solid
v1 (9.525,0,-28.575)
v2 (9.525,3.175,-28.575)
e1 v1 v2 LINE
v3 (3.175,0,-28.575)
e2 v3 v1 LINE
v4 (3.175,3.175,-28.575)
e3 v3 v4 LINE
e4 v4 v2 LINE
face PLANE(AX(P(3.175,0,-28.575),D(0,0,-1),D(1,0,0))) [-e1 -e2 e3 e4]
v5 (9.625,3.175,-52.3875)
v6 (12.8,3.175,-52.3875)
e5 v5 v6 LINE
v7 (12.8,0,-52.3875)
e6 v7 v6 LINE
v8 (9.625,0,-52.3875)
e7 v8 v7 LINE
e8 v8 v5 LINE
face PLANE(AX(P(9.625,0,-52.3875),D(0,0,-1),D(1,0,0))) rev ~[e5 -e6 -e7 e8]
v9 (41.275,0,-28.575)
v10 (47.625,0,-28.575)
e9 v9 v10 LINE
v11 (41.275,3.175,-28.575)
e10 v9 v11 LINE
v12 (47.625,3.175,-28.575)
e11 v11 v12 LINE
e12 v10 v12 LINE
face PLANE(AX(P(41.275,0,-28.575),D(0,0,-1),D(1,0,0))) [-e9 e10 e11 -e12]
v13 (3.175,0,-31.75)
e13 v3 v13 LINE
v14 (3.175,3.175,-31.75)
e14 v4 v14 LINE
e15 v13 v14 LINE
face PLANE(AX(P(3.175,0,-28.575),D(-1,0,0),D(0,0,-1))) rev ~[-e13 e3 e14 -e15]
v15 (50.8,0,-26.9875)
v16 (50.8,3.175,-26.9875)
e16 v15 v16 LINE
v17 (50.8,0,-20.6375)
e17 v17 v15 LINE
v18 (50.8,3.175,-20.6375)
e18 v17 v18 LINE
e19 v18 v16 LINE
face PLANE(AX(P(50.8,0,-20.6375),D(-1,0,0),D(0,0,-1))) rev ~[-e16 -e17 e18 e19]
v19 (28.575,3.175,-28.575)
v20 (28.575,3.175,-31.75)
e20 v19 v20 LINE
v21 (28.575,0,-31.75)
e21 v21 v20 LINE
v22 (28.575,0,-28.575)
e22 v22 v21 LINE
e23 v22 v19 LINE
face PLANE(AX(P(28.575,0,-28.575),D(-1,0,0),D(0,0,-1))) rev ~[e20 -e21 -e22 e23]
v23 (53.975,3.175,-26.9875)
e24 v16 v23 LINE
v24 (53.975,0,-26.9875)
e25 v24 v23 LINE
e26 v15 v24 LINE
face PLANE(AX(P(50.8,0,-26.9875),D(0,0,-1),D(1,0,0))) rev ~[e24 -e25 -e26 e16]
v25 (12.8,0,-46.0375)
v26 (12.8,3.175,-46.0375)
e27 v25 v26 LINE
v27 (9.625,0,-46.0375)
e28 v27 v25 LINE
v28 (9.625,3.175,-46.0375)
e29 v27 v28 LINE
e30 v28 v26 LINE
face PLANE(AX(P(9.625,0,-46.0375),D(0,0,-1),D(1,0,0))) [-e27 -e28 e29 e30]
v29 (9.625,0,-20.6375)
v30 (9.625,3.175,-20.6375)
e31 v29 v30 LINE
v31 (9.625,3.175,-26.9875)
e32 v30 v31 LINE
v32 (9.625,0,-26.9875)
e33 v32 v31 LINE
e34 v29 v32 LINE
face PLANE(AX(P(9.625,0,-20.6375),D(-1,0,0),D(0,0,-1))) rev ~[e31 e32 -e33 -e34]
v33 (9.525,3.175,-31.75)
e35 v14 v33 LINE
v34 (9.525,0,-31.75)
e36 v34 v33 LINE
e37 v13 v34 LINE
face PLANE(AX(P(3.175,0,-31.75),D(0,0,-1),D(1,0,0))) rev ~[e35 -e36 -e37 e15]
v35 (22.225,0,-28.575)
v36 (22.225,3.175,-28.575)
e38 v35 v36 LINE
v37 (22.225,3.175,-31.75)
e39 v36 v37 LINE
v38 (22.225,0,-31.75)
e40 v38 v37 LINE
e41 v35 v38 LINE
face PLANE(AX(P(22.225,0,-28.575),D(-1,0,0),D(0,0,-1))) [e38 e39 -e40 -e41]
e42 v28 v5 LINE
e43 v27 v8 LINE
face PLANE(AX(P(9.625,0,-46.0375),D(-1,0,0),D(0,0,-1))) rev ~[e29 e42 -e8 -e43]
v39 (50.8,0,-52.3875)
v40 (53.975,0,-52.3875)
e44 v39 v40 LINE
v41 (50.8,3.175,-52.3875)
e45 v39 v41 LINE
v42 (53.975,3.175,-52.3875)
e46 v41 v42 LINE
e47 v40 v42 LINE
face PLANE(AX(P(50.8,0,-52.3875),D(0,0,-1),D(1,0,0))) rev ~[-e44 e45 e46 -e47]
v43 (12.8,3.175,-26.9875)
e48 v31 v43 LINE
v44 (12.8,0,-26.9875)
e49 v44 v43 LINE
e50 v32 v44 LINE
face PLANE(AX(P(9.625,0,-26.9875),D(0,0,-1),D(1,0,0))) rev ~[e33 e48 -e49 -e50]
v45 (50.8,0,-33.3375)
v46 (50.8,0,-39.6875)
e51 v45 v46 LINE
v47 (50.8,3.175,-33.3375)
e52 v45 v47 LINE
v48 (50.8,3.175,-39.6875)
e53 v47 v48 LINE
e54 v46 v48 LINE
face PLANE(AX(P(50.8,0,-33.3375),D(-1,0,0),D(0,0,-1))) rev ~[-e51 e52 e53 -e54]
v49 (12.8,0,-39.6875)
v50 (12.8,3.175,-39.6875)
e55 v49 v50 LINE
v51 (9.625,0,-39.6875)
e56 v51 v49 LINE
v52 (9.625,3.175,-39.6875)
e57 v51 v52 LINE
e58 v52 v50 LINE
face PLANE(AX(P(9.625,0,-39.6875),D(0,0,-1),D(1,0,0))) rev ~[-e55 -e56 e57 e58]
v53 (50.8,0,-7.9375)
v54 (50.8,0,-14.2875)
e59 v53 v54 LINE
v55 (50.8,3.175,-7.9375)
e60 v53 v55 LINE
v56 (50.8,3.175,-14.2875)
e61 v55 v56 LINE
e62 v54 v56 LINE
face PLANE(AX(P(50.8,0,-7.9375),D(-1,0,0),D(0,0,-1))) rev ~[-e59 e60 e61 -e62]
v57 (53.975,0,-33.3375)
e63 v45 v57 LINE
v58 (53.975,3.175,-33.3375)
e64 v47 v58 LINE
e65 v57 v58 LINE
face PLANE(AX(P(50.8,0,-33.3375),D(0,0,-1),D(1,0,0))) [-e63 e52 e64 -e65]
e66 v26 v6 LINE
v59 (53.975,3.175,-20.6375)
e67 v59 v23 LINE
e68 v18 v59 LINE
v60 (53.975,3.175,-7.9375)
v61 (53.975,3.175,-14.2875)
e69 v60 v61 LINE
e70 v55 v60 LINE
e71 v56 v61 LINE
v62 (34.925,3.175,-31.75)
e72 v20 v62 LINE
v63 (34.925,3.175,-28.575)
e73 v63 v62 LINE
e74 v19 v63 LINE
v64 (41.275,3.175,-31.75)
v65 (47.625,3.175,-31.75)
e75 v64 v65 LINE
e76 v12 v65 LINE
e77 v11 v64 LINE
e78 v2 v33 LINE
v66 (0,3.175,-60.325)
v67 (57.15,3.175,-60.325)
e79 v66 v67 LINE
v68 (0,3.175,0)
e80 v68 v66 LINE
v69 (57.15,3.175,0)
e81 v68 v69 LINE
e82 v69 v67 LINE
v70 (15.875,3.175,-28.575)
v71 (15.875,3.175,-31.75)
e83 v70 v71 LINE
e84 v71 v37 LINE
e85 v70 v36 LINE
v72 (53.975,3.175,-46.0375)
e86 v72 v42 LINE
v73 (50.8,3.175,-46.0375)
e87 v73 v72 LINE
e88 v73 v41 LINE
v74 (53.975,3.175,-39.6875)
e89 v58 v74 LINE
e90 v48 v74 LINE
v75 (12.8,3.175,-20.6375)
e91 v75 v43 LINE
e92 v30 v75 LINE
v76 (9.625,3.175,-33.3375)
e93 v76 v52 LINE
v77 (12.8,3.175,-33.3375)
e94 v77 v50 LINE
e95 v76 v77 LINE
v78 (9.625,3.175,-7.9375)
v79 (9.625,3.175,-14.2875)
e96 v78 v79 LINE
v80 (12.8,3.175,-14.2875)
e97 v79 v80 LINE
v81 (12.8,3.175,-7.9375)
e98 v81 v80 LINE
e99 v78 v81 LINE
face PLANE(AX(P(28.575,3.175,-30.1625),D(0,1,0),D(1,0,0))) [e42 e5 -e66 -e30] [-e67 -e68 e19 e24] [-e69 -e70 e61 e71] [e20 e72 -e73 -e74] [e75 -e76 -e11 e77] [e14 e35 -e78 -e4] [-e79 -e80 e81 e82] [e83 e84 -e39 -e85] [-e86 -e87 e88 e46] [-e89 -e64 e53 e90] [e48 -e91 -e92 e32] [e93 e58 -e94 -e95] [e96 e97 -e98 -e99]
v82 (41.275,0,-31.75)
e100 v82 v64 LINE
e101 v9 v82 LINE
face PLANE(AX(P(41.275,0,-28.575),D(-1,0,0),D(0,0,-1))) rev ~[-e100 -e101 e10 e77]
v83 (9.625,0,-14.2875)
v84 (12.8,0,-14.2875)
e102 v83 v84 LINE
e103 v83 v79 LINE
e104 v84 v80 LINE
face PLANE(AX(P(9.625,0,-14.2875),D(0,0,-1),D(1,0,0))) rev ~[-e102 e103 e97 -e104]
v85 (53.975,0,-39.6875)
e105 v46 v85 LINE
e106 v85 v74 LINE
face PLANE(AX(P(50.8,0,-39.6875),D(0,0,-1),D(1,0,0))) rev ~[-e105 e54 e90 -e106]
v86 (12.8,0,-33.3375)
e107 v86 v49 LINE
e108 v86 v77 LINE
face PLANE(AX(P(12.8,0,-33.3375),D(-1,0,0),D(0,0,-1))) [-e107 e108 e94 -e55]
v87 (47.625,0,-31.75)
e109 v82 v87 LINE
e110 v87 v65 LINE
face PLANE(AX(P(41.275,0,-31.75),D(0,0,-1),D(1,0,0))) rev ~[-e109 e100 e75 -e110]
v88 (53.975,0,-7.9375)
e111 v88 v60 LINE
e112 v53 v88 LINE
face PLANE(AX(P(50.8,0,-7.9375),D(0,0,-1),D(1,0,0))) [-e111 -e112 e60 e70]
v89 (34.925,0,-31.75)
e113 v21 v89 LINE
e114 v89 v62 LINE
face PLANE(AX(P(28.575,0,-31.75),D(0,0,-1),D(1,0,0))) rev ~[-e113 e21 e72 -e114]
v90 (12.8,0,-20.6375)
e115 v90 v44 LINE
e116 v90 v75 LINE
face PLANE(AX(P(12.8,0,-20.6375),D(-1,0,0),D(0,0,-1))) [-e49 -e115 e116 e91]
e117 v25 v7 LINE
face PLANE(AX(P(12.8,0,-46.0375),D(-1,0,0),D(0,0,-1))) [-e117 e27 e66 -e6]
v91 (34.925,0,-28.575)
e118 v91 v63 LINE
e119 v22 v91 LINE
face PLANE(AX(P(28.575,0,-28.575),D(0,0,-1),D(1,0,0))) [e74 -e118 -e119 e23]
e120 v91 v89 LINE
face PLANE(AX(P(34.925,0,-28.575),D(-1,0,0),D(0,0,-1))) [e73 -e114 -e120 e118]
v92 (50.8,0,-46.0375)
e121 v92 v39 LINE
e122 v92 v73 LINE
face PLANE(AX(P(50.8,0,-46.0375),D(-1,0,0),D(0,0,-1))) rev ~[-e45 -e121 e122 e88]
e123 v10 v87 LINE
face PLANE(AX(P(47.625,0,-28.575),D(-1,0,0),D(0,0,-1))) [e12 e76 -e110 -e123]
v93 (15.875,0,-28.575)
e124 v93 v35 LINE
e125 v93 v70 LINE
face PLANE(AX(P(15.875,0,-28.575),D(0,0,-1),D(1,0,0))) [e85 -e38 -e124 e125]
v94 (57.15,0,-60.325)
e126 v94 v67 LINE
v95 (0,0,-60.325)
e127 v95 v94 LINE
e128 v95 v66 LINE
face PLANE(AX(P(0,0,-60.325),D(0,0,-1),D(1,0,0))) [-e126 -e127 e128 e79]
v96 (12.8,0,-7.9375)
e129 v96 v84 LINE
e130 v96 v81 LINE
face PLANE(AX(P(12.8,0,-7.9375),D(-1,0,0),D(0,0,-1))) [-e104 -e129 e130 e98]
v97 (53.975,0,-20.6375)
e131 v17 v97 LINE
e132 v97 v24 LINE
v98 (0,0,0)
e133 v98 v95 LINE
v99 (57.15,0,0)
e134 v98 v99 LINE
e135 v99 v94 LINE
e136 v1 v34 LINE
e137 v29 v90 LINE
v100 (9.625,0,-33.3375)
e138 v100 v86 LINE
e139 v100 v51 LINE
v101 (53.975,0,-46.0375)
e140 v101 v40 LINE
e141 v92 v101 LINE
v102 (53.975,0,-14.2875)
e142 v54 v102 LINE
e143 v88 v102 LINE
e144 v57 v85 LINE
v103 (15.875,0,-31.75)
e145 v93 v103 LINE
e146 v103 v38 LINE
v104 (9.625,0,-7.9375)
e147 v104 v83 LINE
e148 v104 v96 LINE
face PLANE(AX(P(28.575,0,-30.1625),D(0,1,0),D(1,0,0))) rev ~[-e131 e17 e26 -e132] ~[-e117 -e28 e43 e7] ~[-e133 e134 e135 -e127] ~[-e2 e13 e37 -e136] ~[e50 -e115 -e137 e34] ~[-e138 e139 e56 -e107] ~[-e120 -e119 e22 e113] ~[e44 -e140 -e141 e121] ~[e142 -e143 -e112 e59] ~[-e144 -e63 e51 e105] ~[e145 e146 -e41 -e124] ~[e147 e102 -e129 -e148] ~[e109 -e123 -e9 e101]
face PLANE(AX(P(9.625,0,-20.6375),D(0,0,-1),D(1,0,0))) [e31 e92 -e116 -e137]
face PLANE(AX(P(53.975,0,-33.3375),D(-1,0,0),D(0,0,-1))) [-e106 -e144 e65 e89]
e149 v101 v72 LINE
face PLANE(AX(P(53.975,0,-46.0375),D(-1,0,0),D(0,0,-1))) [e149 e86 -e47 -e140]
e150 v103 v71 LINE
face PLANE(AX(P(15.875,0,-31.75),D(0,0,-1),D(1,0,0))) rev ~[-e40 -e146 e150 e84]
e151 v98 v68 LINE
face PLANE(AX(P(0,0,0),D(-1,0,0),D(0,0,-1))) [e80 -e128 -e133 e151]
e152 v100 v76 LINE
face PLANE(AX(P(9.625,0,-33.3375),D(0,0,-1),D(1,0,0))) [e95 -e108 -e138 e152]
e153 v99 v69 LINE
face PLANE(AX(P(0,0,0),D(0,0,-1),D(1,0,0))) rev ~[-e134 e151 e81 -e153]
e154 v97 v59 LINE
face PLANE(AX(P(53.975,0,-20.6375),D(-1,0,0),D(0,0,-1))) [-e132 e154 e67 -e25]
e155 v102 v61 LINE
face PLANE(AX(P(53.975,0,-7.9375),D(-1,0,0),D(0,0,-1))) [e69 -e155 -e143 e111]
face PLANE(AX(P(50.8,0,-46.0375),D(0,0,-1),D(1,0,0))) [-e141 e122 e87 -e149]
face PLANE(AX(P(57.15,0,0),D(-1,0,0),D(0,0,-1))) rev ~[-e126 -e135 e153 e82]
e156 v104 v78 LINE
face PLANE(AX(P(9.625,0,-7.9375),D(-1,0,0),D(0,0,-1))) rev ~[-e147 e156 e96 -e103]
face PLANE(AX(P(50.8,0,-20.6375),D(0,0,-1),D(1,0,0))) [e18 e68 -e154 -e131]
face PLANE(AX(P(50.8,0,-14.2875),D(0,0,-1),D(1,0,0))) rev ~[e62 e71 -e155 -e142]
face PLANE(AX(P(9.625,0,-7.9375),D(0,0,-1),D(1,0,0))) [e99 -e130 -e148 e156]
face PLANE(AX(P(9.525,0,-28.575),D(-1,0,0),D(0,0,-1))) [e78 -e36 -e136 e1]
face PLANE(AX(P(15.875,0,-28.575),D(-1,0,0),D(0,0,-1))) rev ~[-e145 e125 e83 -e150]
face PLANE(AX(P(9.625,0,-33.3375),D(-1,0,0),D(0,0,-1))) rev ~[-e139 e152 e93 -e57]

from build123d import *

# Parameters (mm, degrees)
SKETCH1_W           = 57.15
SKETCH1_H           = 60.325
SKETCH1_W_2         = 6.35
SKETCH1_H_2         = 3.175
SKETCH1_W_3         = 3.175
SKETCH1_H_3         = 6.35
BOSS_EXTRUDE1_DEPTH = 3.175


with BuildPart() as part:
    # Sketch1 → Boss-Extrude1 (new body)
    with BuildSketch(Plane(origin=(0, 0, 0), x_dir=(1, 0, 0), z_dir=(0, 1, 0))):
        with Locations((28.575, 30.1625)):
            Rectangle(SKETCH1_W, SKETCH1_H)
        with Locations((44.45, 30.1625)):
            Rectangle(SKETCH1_W_2, SKETCH1_H_2, mode=Mode.SUBTRACT)
        with Locations((52.3875, 36.5125)):
            Rectangle(SKETCH1_W_3, SKETCH1_H_3, mode=Mode.SUBTRACT)
        with Locations((52.3875, 23.8125)):
            Rectangle(SKETCH1_W_3, SKETCH1_H_3, mode=Mode.SUBTRACT)
        with Locations((52.3875, 49.2125)):
            Rectangle(SKETCH1_W_3, SKETCH1_H_3, mode=Mode.SUBTRACT)
        with Locations((52.3875, 11.1125)):
            Rectangle(SKETCH1_W_3, SKETCH1_H_3, mode=Mode.SUBTRACT)
        with Locations((11.2125, 11.1125)):
            Rectangle(SKETCH1_W_3, SKETCH1_H_3, mode=Mode.SUBTRACT)
        with Locations((11.2125, 49.2125)):
            Rectangle(SKETCH1_W_3, SKETCH1_H_3, mode=Mode.SUBTRACT)
        with Locations((11.2125, 36.5125)):
            Rectangle(SKETCH1_W_3, SKETCH1_H_3, mode=Mode.SUBTRACT)
        with Locations((11.2125, 23.8125)):
            Rectangle(SKETCH1_W_3, SKETCH1_H_3, mode=Mode.SUBTRACT)
        with Locations((31.75, 30.1625)):
            Rectangle(SKETCH1_W_2, SKETCH1_H_2, mode=Mode.SUBTRACT)
        with Locations((19.05, 30.1625)):
            Rectangle(SKETCH1_W_2, SKETCH1_H_2, mode=Mode.SUBTRACT)
        with Locations((6.35, 30.1625)):
            Rectangle(SKETCH1_W_2, SKETCH1_H_2, mode=Mode.SUBTRACT)
    extrude(amount=BOSS_EXTRUDE1_DEPTH)


solid = part.part
